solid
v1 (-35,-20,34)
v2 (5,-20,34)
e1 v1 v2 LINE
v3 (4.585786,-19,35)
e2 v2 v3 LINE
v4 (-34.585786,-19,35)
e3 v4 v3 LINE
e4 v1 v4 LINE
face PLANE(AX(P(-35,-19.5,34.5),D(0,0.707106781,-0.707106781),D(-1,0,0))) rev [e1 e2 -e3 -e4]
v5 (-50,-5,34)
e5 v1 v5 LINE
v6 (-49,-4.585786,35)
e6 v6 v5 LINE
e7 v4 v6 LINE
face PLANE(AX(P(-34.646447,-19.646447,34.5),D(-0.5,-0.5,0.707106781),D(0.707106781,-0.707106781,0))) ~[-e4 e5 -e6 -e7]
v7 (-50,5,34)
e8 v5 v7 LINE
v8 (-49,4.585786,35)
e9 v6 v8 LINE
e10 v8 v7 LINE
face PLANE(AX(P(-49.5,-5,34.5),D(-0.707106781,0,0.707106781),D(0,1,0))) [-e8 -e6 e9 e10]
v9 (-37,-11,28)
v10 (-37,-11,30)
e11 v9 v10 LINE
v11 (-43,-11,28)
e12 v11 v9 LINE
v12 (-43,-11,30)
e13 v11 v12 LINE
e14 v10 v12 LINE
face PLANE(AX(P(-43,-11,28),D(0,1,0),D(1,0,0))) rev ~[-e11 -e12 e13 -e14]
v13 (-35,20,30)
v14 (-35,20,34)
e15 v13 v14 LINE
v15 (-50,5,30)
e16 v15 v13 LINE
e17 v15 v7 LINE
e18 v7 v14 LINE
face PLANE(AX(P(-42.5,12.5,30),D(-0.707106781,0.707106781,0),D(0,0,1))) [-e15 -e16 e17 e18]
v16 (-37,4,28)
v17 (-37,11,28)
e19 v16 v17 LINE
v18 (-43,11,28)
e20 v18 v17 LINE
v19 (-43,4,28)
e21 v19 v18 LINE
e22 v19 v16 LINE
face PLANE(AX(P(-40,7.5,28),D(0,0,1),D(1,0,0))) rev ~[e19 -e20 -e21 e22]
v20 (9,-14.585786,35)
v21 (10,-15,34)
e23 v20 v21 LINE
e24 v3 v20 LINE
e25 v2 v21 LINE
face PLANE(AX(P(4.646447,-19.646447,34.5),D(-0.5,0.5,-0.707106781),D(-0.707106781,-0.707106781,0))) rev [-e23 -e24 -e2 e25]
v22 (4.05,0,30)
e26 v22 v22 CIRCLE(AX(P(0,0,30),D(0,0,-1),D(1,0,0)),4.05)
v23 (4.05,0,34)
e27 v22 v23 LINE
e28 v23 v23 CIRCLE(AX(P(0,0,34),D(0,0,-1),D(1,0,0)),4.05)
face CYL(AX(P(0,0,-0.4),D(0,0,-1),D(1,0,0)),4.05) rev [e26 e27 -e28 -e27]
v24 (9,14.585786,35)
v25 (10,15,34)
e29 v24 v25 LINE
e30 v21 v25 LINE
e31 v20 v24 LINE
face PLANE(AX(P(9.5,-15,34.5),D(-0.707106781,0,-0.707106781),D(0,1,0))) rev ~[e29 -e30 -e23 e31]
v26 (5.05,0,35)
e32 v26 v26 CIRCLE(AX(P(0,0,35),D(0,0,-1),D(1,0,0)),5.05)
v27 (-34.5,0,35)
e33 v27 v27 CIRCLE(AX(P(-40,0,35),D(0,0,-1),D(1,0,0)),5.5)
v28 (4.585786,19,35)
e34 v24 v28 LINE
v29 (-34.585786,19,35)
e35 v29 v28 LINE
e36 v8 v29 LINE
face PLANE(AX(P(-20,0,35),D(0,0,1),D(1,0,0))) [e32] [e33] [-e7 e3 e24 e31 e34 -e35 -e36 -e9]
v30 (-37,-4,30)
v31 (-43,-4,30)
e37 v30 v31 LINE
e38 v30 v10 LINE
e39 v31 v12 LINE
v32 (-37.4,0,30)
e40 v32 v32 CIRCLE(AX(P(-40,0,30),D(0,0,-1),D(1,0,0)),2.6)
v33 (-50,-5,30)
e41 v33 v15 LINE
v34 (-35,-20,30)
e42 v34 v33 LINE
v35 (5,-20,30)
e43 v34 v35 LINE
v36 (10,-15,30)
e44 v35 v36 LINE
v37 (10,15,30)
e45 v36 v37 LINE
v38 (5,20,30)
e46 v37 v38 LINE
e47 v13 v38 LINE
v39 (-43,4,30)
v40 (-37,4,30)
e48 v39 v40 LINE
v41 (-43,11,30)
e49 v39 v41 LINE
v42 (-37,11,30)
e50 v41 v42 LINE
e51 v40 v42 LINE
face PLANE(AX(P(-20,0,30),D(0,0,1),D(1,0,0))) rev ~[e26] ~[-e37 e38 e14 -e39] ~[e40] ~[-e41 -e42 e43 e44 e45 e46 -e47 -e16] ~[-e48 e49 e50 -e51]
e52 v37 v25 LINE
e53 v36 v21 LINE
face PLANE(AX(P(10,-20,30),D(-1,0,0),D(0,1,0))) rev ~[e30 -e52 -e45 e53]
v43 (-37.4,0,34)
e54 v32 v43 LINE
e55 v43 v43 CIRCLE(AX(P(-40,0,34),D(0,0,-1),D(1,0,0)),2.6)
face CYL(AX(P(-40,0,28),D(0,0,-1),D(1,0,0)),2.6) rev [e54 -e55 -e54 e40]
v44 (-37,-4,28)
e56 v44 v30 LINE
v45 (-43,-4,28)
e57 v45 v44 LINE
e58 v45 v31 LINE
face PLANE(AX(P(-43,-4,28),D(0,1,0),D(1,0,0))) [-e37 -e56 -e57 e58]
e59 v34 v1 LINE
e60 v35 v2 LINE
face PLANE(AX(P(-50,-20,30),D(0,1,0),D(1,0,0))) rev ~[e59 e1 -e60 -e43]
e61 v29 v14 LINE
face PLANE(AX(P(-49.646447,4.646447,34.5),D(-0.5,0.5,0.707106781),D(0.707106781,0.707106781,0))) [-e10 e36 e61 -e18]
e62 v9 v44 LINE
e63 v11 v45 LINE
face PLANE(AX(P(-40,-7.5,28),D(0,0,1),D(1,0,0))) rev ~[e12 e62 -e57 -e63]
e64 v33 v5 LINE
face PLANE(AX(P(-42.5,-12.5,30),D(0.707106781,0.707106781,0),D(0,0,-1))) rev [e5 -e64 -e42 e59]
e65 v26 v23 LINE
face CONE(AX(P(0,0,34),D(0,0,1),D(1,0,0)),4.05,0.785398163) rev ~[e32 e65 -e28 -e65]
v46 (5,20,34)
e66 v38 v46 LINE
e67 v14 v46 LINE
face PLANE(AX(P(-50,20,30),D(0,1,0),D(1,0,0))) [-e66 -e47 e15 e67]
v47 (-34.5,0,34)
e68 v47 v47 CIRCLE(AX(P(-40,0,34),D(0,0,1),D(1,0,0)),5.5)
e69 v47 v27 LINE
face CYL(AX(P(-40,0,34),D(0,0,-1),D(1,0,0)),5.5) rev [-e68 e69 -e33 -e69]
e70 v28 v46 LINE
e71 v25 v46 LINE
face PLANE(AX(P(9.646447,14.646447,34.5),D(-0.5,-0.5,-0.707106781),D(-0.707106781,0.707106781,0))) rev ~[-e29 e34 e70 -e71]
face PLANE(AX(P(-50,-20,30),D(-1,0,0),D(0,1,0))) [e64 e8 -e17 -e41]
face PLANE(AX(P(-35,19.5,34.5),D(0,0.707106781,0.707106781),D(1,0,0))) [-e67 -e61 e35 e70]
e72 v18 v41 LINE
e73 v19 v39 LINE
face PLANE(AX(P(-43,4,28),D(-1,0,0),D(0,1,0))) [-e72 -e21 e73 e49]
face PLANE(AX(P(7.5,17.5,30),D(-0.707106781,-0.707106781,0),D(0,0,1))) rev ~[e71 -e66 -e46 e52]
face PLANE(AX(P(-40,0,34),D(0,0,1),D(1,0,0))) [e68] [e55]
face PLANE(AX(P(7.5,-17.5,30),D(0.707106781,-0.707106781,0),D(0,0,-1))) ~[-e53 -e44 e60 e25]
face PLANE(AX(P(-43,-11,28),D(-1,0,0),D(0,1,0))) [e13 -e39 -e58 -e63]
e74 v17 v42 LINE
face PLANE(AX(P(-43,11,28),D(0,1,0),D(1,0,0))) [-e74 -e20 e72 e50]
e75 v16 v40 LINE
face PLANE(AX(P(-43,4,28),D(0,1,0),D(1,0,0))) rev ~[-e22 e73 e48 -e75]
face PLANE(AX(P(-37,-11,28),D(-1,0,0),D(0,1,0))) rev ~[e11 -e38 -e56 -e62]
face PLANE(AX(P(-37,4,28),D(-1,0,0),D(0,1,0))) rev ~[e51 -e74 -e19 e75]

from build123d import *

# Parameters (mm, degrees)
CYLINDER025_R      = 2.6
CYLINDER025_DEPTH  = 10
CYLINDER026_R      = 5.5
CYLINDER026_DEPTH  = 2
CYLINDER001_R      = 4.05
CYLINDER001_DEPTH  = 40
BOX019_W           = 60
BOX019_H           = 40
BOX019_DEPTH       = 5
CHAMFER033009_SIZE = 5
CHAMFER033010_SIZE = 15
CHAMFER033011_SIZE = 1
CHAMFER033012_SIZE = 1
BOX024_W           = 6
BOX024_H           = 7
BOX024_DEPTH       = 3
BOX023_W           = 6
BOX023_H           = 7
BOX023_DEPTH       = 3


with BuildPart() as cylinder022:
    # Cylinder025 → Cylinder025 (new body)
    with BuildSketch(Plane(origin=(-40, 0, 28), x_dir=(1, 0, 0), z_dir=(0, 0, 1))):
        Circle(CYLINDER025_R)
    extrude(amount=CYLINDER025_DEPTH)


with BuildPart() as cylinder023:
    # Cylinder026 → Cylinder026 (new body)
    with BuildSketch(Plane(origin=(-40, 0, 34), x_dir=(1, 0, 0), z_dir=(0, 0, 1))):
        Circle(CYLINDER026_R)
    extrude(amount=CYLINDER026_DEPTH)


with BuildPart() as cylinder001:
    # Cylinder001 → Cylinder001 (new body)
    with BuildSketch(Plane.XY.offset(-0.4)):
        Circle(CYLINDER001_R)
    extrude(amount=CYLINDER001_DEPTH)


with BuildPart() as rod_center_cap:
    # Box019 → Box019 (new body)
    with BuildSketch(Plane(origin=(-50, -20, 30), x_dir=(1, 0, 0), z_dir=(0, 0, 1))):
        with Locations((30, 20)):
            Rectangle(BOX019_W, BOX019_H)
    extrude(amount=BOX019_DEPTH)

    # Chamfer033009
    chamfer033009_edges = [rod_center_cap.edges().sort_by_distance(p)[0] for p in [
        (10, -20, 32.5),
        (10, 20, 32.5),
    ]]
    chamfer(chamfer033009_edges, length=CHAMFER033009_SIZE)

    # Chamfer033010
    chamfer033010_edges = [rod_center_cap.edges().sort_by_distance(p)[0] for p in [
        (-50, 20, 32.5),
        (-50, -20, 32.5),
    ]]
    chamfer(chamfer033010_edges, length=CHAMFER033010_SIZE)

    # Chamfer033011
    chamfer033011_edges = [rod_center_cap.edges().sort_by_distance(p)[0] for p in [
        (-15, 20, 35),
        (-42.5, 12.5, 35),
        (7.5, 17.5, 35),
        (-50, 0, 35),
        (10, 0, 35),
        (-42.5, -12.5, 35),
        (7.5, -17.5, 35),
        (-15, -20, 35),
    ]]
    chamfer(chamfer033011_edges, length=CHAMFER033011_SIZE)

    # Cut011: cut Cylinder001
    add(cylinder001.part, mode=Mode.SUBTRACT)

    # Chamfer033012
    chamfer033012_edges = [rod_center_cap.edges().sort_by_distance(p)[0] for p in [
        (-4.05, 0, 35),
    ]]
    chamfer(chamfer033012_edges, length=CHAMFER033012_SIZE)

    # Cut012: cut Cylinder023
    add(cylinder023.part, mode=Mode.SUBTRACT)

    # Cut013: cut Cylinder022
    add(cylinder022.part, mode=Mode.SUBTRACT)


with BuildPart() as cube024:
    # Box024 → Box024 (new body)
    with BuildSketch(Plane(origin=(-43, -11, 28), x_dir=(1, 0, 0), z_dir=(0, 0, 1))):
        with Locations((3, 3.5)):
            Rectangle(BOX024_W, BOX024_H)
    extrude(amount=BOX024_DEPTH)


with BuildPart() as rod_center_cap001:
    # Box023 → Box023 (new body)
    with BuildSketch(Plane(origin=(-43, 4, 28), x_dir=(1, 0, 0), z_dir=(0, 0, 1))):
        with Locations((3, 3.5)):
            Rectangle(BOX023_W, BOX023_H)
    extrude(amount=BOX023_DEPTH)

    # Fusion020006006: union rod-center-cap, Cube024
    add(rod_center_cap.part)
    add(cube024.part)


solid = rod_center_cap001.part
